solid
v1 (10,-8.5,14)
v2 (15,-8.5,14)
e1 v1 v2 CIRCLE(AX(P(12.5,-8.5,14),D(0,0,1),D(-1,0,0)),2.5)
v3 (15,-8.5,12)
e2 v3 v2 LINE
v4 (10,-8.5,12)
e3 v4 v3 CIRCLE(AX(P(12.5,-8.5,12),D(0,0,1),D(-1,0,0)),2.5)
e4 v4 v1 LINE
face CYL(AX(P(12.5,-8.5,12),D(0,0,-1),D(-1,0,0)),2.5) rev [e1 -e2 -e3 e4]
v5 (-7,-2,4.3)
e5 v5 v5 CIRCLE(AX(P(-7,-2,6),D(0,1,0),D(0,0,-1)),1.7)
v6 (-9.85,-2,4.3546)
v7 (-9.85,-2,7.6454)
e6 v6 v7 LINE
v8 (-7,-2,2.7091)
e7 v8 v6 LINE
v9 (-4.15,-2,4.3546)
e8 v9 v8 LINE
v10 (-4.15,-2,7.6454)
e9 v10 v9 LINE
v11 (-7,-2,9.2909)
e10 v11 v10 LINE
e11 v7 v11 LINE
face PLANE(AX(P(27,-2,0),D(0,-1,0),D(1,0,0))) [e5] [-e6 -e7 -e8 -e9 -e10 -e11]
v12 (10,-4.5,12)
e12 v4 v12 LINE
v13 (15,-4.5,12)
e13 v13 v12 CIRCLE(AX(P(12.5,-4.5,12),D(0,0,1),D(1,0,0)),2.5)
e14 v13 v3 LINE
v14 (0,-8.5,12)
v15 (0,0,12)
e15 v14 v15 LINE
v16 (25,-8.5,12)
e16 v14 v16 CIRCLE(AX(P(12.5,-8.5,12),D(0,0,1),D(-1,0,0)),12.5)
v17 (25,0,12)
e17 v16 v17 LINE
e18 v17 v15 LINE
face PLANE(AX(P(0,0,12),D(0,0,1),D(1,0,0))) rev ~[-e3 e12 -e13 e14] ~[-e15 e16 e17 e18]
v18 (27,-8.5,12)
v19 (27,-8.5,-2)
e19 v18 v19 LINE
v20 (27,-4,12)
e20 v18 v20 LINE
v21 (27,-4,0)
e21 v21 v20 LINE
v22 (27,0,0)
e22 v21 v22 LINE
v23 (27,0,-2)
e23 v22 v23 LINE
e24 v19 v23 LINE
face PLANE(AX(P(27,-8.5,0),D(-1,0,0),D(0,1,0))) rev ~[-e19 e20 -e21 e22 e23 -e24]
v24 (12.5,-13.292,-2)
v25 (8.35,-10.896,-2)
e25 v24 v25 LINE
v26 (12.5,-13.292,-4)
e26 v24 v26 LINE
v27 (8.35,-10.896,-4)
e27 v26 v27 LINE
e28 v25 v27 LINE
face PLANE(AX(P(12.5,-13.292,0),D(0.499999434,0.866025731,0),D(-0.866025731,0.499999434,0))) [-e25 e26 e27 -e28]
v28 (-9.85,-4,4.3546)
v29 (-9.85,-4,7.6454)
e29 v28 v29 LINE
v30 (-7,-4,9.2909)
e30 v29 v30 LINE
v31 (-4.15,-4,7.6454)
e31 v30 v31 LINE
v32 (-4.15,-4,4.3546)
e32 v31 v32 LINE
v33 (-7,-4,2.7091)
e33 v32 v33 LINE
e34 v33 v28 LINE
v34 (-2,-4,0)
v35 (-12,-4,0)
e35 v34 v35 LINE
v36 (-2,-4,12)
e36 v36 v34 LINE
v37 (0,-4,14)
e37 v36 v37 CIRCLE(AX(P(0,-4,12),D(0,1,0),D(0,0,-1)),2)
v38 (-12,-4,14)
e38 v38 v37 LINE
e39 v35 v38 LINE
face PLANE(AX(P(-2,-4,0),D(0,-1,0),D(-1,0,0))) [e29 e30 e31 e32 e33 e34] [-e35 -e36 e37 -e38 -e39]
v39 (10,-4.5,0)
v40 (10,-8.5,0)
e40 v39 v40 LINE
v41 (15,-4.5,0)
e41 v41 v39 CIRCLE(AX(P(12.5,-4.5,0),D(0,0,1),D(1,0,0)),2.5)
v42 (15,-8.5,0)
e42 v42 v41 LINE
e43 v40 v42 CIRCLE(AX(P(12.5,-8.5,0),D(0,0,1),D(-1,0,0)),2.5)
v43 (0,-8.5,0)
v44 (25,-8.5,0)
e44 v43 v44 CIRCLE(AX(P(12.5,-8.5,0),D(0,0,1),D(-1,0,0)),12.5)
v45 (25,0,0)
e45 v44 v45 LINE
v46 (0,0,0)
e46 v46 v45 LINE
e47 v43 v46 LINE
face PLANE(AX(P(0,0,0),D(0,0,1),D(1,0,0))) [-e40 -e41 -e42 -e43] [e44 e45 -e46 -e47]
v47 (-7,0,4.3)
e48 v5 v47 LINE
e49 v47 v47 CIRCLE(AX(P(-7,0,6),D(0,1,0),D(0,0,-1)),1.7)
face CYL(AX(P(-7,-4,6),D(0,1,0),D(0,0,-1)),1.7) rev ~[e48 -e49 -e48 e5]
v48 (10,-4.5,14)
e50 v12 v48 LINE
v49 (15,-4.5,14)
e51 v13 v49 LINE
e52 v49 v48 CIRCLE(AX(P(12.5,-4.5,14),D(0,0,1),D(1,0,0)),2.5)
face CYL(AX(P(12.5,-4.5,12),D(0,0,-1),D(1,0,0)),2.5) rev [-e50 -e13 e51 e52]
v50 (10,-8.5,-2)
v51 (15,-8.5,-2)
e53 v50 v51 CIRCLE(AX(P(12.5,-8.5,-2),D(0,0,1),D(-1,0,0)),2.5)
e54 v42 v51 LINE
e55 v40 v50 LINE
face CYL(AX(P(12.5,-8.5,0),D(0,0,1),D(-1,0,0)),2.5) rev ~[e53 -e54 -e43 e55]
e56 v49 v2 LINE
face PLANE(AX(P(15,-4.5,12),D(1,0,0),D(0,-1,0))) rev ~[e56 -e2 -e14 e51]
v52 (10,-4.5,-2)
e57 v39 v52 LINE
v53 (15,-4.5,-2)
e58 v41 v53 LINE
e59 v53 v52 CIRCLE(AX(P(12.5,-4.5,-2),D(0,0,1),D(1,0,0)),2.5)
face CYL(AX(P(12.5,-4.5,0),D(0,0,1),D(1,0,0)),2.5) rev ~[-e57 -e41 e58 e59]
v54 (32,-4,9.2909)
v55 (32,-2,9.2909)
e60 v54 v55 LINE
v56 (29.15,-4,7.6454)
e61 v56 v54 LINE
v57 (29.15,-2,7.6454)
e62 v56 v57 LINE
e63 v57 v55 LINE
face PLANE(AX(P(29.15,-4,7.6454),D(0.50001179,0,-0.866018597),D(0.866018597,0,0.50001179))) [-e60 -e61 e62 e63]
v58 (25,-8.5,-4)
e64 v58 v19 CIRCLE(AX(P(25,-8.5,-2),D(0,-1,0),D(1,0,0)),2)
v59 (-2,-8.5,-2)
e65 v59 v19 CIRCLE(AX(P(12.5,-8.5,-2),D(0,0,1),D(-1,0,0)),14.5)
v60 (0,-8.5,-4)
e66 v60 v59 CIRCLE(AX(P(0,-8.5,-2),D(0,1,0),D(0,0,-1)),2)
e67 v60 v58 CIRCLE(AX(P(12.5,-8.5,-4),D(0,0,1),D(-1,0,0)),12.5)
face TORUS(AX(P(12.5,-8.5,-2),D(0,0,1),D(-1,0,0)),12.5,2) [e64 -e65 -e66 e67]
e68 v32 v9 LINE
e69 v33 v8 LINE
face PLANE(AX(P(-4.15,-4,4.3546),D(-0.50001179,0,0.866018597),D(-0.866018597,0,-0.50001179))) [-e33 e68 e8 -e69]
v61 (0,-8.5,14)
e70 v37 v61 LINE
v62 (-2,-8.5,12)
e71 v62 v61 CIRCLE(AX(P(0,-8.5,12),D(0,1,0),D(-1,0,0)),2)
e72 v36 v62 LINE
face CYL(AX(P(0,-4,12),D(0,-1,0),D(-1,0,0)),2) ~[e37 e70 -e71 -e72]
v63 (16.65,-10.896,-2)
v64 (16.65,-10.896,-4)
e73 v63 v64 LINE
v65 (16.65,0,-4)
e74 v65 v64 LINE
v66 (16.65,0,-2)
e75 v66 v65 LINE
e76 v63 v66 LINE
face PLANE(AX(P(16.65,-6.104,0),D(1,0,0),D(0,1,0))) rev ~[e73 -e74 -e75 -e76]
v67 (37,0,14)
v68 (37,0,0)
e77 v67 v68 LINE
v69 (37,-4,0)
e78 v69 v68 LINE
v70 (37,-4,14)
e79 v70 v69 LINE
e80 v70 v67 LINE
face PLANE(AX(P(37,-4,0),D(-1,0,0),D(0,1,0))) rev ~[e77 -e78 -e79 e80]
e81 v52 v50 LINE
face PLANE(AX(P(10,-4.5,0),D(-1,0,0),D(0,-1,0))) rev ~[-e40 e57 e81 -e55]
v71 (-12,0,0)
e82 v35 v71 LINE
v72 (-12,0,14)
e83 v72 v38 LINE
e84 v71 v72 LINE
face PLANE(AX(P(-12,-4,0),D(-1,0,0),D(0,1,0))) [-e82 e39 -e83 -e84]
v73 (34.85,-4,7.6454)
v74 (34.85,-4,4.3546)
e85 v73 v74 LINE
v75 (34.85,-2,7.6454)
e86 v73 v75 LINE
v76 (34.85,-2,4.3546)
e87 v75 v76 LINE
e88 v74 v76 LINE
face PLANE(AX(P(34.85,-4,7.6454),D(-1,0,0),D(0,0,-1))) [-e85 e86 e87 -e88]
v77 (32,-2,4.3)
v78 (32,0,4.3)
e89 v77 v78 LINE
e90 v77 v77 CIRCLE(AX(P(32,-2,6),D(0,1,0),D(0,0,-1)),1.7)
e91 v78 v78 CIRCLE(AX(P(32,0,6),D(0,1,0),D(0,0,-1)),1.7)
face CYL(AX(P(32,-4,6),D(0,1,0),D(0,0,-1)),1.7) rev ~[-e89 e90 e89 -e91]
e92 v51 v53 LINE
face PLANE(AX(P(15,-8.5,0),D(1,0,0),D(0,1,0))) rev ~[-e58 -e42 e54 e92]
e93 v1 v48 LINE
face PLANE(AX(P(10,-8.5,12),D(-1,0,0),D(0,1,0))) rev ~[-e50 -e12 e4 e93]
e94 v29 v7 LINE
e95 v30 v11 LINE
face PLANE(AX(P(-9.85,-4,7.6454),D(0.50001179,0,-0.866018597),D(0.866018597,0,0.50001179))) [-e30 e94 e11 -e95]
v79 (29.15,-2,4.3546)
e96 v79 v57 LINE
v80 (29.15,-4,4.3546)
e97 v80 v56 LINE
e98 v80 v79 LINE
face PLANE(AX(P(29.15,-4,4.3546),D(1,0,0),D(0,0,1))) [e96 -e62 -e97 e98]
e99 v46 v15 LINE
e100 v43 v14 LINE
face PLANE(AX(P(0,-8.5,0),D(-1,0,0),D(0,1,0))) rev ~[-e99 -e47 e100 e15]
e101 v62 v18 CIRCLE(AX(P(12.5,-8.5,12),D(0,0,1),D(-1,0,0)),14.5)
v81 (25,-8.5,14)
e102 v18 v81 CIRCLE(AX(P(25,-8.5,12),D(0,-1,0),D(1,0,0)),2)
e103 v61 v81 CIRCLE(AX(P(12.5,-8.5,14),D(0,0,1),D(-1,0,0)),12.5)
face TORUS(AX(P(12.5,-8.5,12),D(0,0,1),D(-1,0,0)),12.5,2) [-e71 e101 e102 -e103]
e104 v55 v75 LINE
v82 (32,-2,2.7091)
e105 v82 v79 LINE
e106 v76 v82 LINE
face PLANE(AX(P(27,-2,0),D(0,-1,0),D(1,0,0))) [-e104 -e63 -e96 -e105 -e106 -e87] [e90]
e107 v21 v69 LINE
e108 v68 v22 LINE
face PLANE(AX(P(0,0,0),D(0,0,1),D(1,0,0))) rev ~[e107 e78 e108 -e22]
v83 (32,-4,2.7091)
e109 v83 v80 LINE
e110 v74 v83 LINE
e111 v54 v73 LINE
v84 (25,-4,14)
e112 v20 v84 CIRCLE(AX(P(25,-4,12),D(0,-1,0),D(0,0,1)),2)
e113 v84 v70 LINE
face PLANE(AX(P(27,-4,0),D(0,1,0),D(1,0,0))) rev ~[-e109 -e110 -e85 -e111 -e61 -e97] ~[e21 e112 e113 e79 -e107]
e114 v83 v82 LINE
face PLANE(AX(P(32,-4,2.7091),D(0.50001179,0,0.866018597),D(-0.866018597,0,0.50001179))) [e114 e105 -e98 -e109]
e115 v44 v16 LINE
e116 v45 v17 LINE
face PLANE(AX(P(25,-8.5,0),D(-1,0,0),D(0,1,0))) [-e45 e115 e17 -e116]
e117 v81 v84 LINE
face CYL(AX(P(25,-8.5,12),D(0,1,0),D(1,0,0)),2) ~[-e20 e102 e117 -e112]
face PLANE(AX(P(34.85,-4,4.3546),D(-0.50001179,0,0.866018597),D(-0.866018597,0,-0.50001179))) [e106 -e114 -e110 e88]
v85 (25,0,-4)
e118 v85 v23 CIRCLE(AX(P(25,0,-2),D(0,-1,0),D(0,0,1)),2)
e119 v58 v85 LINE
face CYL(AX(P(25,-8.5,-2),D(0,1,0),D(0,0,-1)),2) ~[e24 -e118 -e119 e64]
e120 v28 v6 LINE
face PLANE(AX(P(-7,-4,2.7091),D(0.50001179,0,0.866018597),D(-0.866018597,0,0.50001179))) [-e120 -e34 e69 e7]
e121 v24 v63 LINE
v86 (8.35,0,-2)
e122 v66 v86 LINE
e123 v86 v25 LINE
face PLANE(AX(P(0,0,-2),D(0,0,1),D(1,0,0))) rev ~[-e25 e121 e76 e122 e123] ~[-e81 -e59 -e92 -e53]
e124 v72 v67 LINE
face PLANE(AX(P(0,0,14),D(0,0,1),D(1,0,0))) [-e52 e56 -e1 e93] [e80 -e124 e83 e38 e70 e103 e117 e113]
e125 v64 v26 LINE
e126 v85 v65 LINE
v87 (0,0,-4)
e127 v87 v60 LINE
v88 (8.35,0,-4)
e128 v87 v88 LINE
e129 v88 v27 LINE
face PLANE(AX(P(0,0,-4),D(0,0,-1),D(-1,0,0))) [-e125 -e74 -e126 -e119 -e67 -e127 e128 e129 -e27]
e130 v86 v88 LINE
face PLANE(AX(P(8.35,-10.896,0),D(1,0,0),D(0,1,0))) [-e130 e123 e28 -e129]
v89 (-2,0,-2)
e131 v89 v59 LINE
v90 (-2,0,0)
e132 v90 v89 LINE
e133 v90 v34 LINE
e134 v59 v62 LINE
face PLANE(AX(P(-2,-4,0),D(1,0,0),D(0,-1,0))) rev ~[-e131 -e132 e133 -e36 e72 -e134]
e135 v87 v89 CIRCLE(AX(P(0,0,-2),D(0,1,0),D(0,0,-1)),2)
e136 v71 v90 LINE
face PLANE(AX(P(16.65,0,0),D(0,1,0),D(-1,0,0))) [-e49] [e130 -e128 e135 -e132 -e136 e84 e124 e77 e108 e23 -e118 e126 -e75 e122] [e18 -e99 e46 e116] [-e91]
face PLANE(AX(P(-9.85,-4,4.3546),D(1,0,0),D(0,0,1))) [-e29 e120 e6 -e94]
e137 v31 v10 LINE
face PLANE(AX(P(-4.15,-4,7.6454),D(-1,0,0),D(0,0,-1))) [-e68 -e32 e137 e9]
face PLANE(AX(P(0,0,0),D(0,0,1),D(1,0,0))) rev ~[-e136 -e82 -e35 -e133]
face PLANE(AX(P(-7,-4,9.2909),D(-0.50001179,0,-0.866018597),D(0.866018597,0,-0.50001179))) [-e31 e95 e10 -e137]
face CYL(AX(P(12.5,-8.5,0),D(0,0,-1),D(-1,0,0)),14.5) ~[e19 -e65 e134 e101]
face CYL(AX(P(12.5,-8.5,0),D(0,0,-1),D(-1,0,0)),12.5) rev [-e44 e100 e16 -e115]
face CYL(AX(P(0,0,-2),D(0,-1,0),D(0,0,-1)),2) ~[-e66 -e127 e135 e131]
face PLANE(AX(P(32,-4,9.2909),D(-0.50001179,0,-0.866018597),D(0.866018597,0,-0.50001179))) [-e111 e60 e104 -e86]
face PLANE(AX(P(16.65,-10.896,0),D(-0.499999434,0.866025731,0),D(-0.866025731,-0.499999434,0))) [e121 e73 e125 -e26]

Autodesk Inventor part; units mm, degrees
ref_plane "YZ Plane" through (0, 0, 0) normal (1, 0, 0) x (0, 1, 0)
ref_plane "XZ Plane" through (0, 0, 0) normal (0, 1, 0) x (-1, 0, 0)
ref_plane "XY Plane" through (0, 0, 0) normal (0, 0, 1) x (1, 0, 0)
sketch "Sketch1" plane through (0, 0, 0) normal (0, 0, 1) x (1, 0, 0)
  line L0 (25, 0) -> (25, 4) projected
  line L1 (0, 4) -> (25, 4) projected
  line L2 (0, 0) -> (0, 4) projected
  line L3 (16.65, -10.896) -> (12.5, -13.292)
  line L4 (12.5, -13.292) -> (8.35, -10.896)
  line L5 (8.35, -10.896) -> (8.35, -6.104)
  line L6 (16.65, -6.104) -> (16.65, -10.896)
  line L7 (8.35, -6.104) -> (8.35, 0)
  line L8 (16.65, -6.104) -> (16.65, 0)
  line L9 (25, -8.5) -> (25, 0)
  line L10 (0, -8.5) -> (0, 0)
  arc A0 (0, -8.5) -> (25, -8.5) centre (12.5, -8.5) ccw
  line L11 (10, -4.5) -> (10, -8.5)
  line L12 (15, -8.5) -> (15, -4.5)
  arc A1 (15, -4.5) -> (10, -4.5) centre (12.5, -4.5) ccw
  arc A2 (10, -8.5) -> (15, -8.5) centre (12.5, -8.5) ccw
  line L13 (-2, 0) -> (-2, -8.5)
  arc A3 (-2, -8.5) -> (27, -8.5) centre (12.5, -8.5) ccw
  line L14 (27, -8.5) -> (27, 0)
  line L15 (0, 0) -> (-2, 0)
  line L16 (-2, 0) -> (-5.3, 0)
  line L17 (-2, -4) -> (-12, -4)
  line L18 (-12, -4) -> (-12, 0)
  line L19 (-12, 0) -> (-8.7, 0)
  line L20 (27, -4) -> (37, -4)
  line L21 (37, -4) -> (37, 0)
  line L22 (37, 0) -> (33.7, 0)
  line L23 (25, 0) -> (27, 0)
  line L24 (27, 0) -> (30.3, 0)
  line L25 (25, 0) -> (16.65, 0)
  line L26 (8.35, 0) -> (16.65, 0)
  line L27 (8.35, 0) -> (0, 0)
  line L28 (33.7, 0) -> (30.3, 0) projected
  line L29 (-5.3, 0) -> (-8.7, 0) projected
  line L30 (32, 0) -> (32, -6.5) construction
  line L31 (-7, 0) -> (-7, -7.118) construction
  dimension "d5" = 8.3
  dimension "d7" = 5
  dimension "d8" = 2
  dimension "d9" = 4
  dimension "d10" = 4
  dimension "d13" = 8.5
  dimension "d14" = 12.5
extrude "Extrusion1" add sketch "Sketch1" along normal blind 12 contours L23 L14 A3 L13 L15 L10 A0 L9 | L24 L28 L22 L21 L20 L14 | L13 L17 L18 L19 L29 L16
sketch "Sketch2" plane through (0, 0, 0) normal (0, 0, -1) x (-1, 0, 0)
  line L0 (-25, 0) -> (-25, -8.5) projected
  arc A0 (-25, -8.5) -> (0, -8.5) centre (-12.5, -8.5) ccw projected
  line L1 (0, -8.5) -> (0, 0) projected
  line L2 (-27, -8.5) -> (-27, 0) projected
  arc A1 (-27, -8.5) -> (2, -8.5) centre (-12.5, -8.5) ccw projected
  line L3 (2, 0) -> (2, -8.5) projected
  line L4 (-8.35, -6.104) -> (-8.35, 0) projected
  line L5 (-8.35, -10.896) -> (-8.35, -6.104) projected
  line L6 (-12.5, -13.292) -> (-8.35, -10.896) projected
  line L7 (-16.65, -10.896) -> (-12.5, -13.292) projected
  line L8 (-16.65, -6.104) -> (-16.65, -10.896) projected
  line L9 (-16.65, -6.104) -> (-16.65, 0) projected
  line L10 (-15, -8.5) -> (-15, -4.5) projected
  arc A2 (-10, -4.5) -> (-15, -4.5) centre (-12.5, -4.5) ccw projected
  line L11 (-10, -4.5) -> (-10, -8.5) projected
  arc A3 (-15, -8.5) -> (-10, -8.5) centre (-12.5, -8.5) ccw projected
  line L12 (-245.5, 0) -> (14.5, 0) projected
extrude "Extrusion2" add sketch "Sketch2" along normal blind 4 contours L12 L9 L8 L7 L6 L5 L4 L1 A0 L0 | L0 A0 L1 L12 L3 A1 L2
sketch "Sketch3" plane through (0, 0, 0) normal (0, 0, 1) x (1, 0, 0)
  line L0 (8.35, 0) -> (8.35, -10.896) projected
  line L1 (12.5, -13.292) -> (8.35, -10.896) projected
  line L2 (12.5, -13.292) -> (16.65, -10.896) projected
  line L3 (16.65, -10.896) -> (16.65, 0) projected
  line L4 (15, -8.5) -> (15, -4.5) projected
  arc A0 (10, -8.5) -> (15, -8.5) centre (12.5, -8.5) ccw projected
  line L5 (10, -4.5) -> (10, -8.5) projected
  arc A1 (15, -4.5) -> (10, -4.5) centre (12.5, -4.5) ccw projected
  line L6 (92, 0) -> (245.5, 0) projected
  line L7 (245.5, 0) -> (-14.5, 0) projected
  point P0 (0, 0)
extrude "Extrusion3" add sketch "Sketch3" against normal blind 2
sketch "Sketch4" plane through (0, 0, 12) normal (0, 0, 1) x (1, 0, 0)
  arc A0 (15, -4.5) -> (10, -4.5) centre (12.5, -4.5) ccw projected
  line L0 (10, -8.5) -> (10, -4.5) projected
  arc A1 (10, -8.5) -> (15, -8.5) centre (12.5, -8.5) ccw projected
  line L1 (15, -4.5) -> (15, -8.5) projected
  line L2 (25, 0) -> (25, -8.5) projected
  arc A2 (0, -8.5) -> (25, -8.5) centre (12.5, -8.5) ccw projected
  line L3 (0, -8.5) -> (0, 0) projected
  line L4 (0, 0) -> (-12, 0) projected
  line L5 (-12, 0) -> (-12, -4) projected
  line L6 (-12, -4) -> (-2, -4) projected
  line L7 (-2, -4) -> (-2, -8.5) projected
  arc A3 (-2, -8.5) -> (27, -8.5) centre (12.5, -8.5) ccw projected
  line L8 (27, -8.5) -> (27, -4) projected
  line L9 (27, -4) -> (37, -4) projected
  line L10 (37, -4) -> (37, 0) projected
  line L11 (37, 0) -> (25, 0) projected
  line L12 (25, 0) -> (0, 0) projected
  line L13 (-2, -8.5) -> (-2, -4) projected
  line L14 (-2, -4) -> (-2, 0)
  line L15 (27, 0) -> (27, -8.5) projected
  line L16 (27, -4) -> (27, 0)
extrude "Extrusion4" add sketch "Sketch4" along normal blind 2
fillet "Fillet1" radius 2 6 edges at (27, -6.25, 14) (-2, -6.25, 14) (12.5, -23, 14) (-2, -4.25, -4) (27, -4.25, -4) (12.5, -23, -4)
sketch "Sketch5" plane through (27, -4, 0) normal (0, -1, 0) x (1, 0, 0)
  line L0 (7.85, 7.6454) -> (7.85, 4.3546)
  line L1 (7.85, 4.3546) -> (5, 2.7091)
  line L2 (5, 2.7091) -> (2.15, 4.3546)
  line L3 (2.15, 4.3546) -> (2.15, 7.6454)
  line L4 (2.15, 7.6454) -> (5, 9.2909)
  line L5 (5, 9.2909) -> (7.85, 7.6454)
  line L6 (-31.15, 7.6454) -> (-31.15, 4.3546)
  line L7 (-31.15, 4.3546) -> (-34, 2.7091)
  line L8 (-34, 2.7091) -> (-36.85, 4.3546)
  line L9 (-36.85, 4.3546) -> (-36.85, 7.6454)
  line L10 (-36.85, 7.6454) -> (-34, 9.2909)
  line L11 (-34, 9.2909) -> (-31.15, 7.6454)
  line L12 (10, 0) -> (10, 14) projected
  line L13 (-39, 0) -> (-39, 14) projected
  circle A0 centre (5, 6) radius 1.7
  circle A1 centre (-34, 6) radius 1.7
  point P0 (-27, 0)
  point P1 (10, 12)
  point P2 (-39, 12)
  dimension "d22" = 5.7
  dimension "d23" = 5.7
extrude "Extrusion5" cut sketch "Sketch5" against normal blind 2 contours L0 L1 L2 L3 L4 L5 | L6 L7 L8 L9 L10 L11 | A0 | A1
hole "Hole1" at (32, -4, 6) at (-7, -4, 6) direction (0, 1, 0) diameter 3.4 end through all clearance for "Hex Head Bolt / Nut GOST 12876-67" size "M3" standard "GOST"
properties part number "bearing_holder"
